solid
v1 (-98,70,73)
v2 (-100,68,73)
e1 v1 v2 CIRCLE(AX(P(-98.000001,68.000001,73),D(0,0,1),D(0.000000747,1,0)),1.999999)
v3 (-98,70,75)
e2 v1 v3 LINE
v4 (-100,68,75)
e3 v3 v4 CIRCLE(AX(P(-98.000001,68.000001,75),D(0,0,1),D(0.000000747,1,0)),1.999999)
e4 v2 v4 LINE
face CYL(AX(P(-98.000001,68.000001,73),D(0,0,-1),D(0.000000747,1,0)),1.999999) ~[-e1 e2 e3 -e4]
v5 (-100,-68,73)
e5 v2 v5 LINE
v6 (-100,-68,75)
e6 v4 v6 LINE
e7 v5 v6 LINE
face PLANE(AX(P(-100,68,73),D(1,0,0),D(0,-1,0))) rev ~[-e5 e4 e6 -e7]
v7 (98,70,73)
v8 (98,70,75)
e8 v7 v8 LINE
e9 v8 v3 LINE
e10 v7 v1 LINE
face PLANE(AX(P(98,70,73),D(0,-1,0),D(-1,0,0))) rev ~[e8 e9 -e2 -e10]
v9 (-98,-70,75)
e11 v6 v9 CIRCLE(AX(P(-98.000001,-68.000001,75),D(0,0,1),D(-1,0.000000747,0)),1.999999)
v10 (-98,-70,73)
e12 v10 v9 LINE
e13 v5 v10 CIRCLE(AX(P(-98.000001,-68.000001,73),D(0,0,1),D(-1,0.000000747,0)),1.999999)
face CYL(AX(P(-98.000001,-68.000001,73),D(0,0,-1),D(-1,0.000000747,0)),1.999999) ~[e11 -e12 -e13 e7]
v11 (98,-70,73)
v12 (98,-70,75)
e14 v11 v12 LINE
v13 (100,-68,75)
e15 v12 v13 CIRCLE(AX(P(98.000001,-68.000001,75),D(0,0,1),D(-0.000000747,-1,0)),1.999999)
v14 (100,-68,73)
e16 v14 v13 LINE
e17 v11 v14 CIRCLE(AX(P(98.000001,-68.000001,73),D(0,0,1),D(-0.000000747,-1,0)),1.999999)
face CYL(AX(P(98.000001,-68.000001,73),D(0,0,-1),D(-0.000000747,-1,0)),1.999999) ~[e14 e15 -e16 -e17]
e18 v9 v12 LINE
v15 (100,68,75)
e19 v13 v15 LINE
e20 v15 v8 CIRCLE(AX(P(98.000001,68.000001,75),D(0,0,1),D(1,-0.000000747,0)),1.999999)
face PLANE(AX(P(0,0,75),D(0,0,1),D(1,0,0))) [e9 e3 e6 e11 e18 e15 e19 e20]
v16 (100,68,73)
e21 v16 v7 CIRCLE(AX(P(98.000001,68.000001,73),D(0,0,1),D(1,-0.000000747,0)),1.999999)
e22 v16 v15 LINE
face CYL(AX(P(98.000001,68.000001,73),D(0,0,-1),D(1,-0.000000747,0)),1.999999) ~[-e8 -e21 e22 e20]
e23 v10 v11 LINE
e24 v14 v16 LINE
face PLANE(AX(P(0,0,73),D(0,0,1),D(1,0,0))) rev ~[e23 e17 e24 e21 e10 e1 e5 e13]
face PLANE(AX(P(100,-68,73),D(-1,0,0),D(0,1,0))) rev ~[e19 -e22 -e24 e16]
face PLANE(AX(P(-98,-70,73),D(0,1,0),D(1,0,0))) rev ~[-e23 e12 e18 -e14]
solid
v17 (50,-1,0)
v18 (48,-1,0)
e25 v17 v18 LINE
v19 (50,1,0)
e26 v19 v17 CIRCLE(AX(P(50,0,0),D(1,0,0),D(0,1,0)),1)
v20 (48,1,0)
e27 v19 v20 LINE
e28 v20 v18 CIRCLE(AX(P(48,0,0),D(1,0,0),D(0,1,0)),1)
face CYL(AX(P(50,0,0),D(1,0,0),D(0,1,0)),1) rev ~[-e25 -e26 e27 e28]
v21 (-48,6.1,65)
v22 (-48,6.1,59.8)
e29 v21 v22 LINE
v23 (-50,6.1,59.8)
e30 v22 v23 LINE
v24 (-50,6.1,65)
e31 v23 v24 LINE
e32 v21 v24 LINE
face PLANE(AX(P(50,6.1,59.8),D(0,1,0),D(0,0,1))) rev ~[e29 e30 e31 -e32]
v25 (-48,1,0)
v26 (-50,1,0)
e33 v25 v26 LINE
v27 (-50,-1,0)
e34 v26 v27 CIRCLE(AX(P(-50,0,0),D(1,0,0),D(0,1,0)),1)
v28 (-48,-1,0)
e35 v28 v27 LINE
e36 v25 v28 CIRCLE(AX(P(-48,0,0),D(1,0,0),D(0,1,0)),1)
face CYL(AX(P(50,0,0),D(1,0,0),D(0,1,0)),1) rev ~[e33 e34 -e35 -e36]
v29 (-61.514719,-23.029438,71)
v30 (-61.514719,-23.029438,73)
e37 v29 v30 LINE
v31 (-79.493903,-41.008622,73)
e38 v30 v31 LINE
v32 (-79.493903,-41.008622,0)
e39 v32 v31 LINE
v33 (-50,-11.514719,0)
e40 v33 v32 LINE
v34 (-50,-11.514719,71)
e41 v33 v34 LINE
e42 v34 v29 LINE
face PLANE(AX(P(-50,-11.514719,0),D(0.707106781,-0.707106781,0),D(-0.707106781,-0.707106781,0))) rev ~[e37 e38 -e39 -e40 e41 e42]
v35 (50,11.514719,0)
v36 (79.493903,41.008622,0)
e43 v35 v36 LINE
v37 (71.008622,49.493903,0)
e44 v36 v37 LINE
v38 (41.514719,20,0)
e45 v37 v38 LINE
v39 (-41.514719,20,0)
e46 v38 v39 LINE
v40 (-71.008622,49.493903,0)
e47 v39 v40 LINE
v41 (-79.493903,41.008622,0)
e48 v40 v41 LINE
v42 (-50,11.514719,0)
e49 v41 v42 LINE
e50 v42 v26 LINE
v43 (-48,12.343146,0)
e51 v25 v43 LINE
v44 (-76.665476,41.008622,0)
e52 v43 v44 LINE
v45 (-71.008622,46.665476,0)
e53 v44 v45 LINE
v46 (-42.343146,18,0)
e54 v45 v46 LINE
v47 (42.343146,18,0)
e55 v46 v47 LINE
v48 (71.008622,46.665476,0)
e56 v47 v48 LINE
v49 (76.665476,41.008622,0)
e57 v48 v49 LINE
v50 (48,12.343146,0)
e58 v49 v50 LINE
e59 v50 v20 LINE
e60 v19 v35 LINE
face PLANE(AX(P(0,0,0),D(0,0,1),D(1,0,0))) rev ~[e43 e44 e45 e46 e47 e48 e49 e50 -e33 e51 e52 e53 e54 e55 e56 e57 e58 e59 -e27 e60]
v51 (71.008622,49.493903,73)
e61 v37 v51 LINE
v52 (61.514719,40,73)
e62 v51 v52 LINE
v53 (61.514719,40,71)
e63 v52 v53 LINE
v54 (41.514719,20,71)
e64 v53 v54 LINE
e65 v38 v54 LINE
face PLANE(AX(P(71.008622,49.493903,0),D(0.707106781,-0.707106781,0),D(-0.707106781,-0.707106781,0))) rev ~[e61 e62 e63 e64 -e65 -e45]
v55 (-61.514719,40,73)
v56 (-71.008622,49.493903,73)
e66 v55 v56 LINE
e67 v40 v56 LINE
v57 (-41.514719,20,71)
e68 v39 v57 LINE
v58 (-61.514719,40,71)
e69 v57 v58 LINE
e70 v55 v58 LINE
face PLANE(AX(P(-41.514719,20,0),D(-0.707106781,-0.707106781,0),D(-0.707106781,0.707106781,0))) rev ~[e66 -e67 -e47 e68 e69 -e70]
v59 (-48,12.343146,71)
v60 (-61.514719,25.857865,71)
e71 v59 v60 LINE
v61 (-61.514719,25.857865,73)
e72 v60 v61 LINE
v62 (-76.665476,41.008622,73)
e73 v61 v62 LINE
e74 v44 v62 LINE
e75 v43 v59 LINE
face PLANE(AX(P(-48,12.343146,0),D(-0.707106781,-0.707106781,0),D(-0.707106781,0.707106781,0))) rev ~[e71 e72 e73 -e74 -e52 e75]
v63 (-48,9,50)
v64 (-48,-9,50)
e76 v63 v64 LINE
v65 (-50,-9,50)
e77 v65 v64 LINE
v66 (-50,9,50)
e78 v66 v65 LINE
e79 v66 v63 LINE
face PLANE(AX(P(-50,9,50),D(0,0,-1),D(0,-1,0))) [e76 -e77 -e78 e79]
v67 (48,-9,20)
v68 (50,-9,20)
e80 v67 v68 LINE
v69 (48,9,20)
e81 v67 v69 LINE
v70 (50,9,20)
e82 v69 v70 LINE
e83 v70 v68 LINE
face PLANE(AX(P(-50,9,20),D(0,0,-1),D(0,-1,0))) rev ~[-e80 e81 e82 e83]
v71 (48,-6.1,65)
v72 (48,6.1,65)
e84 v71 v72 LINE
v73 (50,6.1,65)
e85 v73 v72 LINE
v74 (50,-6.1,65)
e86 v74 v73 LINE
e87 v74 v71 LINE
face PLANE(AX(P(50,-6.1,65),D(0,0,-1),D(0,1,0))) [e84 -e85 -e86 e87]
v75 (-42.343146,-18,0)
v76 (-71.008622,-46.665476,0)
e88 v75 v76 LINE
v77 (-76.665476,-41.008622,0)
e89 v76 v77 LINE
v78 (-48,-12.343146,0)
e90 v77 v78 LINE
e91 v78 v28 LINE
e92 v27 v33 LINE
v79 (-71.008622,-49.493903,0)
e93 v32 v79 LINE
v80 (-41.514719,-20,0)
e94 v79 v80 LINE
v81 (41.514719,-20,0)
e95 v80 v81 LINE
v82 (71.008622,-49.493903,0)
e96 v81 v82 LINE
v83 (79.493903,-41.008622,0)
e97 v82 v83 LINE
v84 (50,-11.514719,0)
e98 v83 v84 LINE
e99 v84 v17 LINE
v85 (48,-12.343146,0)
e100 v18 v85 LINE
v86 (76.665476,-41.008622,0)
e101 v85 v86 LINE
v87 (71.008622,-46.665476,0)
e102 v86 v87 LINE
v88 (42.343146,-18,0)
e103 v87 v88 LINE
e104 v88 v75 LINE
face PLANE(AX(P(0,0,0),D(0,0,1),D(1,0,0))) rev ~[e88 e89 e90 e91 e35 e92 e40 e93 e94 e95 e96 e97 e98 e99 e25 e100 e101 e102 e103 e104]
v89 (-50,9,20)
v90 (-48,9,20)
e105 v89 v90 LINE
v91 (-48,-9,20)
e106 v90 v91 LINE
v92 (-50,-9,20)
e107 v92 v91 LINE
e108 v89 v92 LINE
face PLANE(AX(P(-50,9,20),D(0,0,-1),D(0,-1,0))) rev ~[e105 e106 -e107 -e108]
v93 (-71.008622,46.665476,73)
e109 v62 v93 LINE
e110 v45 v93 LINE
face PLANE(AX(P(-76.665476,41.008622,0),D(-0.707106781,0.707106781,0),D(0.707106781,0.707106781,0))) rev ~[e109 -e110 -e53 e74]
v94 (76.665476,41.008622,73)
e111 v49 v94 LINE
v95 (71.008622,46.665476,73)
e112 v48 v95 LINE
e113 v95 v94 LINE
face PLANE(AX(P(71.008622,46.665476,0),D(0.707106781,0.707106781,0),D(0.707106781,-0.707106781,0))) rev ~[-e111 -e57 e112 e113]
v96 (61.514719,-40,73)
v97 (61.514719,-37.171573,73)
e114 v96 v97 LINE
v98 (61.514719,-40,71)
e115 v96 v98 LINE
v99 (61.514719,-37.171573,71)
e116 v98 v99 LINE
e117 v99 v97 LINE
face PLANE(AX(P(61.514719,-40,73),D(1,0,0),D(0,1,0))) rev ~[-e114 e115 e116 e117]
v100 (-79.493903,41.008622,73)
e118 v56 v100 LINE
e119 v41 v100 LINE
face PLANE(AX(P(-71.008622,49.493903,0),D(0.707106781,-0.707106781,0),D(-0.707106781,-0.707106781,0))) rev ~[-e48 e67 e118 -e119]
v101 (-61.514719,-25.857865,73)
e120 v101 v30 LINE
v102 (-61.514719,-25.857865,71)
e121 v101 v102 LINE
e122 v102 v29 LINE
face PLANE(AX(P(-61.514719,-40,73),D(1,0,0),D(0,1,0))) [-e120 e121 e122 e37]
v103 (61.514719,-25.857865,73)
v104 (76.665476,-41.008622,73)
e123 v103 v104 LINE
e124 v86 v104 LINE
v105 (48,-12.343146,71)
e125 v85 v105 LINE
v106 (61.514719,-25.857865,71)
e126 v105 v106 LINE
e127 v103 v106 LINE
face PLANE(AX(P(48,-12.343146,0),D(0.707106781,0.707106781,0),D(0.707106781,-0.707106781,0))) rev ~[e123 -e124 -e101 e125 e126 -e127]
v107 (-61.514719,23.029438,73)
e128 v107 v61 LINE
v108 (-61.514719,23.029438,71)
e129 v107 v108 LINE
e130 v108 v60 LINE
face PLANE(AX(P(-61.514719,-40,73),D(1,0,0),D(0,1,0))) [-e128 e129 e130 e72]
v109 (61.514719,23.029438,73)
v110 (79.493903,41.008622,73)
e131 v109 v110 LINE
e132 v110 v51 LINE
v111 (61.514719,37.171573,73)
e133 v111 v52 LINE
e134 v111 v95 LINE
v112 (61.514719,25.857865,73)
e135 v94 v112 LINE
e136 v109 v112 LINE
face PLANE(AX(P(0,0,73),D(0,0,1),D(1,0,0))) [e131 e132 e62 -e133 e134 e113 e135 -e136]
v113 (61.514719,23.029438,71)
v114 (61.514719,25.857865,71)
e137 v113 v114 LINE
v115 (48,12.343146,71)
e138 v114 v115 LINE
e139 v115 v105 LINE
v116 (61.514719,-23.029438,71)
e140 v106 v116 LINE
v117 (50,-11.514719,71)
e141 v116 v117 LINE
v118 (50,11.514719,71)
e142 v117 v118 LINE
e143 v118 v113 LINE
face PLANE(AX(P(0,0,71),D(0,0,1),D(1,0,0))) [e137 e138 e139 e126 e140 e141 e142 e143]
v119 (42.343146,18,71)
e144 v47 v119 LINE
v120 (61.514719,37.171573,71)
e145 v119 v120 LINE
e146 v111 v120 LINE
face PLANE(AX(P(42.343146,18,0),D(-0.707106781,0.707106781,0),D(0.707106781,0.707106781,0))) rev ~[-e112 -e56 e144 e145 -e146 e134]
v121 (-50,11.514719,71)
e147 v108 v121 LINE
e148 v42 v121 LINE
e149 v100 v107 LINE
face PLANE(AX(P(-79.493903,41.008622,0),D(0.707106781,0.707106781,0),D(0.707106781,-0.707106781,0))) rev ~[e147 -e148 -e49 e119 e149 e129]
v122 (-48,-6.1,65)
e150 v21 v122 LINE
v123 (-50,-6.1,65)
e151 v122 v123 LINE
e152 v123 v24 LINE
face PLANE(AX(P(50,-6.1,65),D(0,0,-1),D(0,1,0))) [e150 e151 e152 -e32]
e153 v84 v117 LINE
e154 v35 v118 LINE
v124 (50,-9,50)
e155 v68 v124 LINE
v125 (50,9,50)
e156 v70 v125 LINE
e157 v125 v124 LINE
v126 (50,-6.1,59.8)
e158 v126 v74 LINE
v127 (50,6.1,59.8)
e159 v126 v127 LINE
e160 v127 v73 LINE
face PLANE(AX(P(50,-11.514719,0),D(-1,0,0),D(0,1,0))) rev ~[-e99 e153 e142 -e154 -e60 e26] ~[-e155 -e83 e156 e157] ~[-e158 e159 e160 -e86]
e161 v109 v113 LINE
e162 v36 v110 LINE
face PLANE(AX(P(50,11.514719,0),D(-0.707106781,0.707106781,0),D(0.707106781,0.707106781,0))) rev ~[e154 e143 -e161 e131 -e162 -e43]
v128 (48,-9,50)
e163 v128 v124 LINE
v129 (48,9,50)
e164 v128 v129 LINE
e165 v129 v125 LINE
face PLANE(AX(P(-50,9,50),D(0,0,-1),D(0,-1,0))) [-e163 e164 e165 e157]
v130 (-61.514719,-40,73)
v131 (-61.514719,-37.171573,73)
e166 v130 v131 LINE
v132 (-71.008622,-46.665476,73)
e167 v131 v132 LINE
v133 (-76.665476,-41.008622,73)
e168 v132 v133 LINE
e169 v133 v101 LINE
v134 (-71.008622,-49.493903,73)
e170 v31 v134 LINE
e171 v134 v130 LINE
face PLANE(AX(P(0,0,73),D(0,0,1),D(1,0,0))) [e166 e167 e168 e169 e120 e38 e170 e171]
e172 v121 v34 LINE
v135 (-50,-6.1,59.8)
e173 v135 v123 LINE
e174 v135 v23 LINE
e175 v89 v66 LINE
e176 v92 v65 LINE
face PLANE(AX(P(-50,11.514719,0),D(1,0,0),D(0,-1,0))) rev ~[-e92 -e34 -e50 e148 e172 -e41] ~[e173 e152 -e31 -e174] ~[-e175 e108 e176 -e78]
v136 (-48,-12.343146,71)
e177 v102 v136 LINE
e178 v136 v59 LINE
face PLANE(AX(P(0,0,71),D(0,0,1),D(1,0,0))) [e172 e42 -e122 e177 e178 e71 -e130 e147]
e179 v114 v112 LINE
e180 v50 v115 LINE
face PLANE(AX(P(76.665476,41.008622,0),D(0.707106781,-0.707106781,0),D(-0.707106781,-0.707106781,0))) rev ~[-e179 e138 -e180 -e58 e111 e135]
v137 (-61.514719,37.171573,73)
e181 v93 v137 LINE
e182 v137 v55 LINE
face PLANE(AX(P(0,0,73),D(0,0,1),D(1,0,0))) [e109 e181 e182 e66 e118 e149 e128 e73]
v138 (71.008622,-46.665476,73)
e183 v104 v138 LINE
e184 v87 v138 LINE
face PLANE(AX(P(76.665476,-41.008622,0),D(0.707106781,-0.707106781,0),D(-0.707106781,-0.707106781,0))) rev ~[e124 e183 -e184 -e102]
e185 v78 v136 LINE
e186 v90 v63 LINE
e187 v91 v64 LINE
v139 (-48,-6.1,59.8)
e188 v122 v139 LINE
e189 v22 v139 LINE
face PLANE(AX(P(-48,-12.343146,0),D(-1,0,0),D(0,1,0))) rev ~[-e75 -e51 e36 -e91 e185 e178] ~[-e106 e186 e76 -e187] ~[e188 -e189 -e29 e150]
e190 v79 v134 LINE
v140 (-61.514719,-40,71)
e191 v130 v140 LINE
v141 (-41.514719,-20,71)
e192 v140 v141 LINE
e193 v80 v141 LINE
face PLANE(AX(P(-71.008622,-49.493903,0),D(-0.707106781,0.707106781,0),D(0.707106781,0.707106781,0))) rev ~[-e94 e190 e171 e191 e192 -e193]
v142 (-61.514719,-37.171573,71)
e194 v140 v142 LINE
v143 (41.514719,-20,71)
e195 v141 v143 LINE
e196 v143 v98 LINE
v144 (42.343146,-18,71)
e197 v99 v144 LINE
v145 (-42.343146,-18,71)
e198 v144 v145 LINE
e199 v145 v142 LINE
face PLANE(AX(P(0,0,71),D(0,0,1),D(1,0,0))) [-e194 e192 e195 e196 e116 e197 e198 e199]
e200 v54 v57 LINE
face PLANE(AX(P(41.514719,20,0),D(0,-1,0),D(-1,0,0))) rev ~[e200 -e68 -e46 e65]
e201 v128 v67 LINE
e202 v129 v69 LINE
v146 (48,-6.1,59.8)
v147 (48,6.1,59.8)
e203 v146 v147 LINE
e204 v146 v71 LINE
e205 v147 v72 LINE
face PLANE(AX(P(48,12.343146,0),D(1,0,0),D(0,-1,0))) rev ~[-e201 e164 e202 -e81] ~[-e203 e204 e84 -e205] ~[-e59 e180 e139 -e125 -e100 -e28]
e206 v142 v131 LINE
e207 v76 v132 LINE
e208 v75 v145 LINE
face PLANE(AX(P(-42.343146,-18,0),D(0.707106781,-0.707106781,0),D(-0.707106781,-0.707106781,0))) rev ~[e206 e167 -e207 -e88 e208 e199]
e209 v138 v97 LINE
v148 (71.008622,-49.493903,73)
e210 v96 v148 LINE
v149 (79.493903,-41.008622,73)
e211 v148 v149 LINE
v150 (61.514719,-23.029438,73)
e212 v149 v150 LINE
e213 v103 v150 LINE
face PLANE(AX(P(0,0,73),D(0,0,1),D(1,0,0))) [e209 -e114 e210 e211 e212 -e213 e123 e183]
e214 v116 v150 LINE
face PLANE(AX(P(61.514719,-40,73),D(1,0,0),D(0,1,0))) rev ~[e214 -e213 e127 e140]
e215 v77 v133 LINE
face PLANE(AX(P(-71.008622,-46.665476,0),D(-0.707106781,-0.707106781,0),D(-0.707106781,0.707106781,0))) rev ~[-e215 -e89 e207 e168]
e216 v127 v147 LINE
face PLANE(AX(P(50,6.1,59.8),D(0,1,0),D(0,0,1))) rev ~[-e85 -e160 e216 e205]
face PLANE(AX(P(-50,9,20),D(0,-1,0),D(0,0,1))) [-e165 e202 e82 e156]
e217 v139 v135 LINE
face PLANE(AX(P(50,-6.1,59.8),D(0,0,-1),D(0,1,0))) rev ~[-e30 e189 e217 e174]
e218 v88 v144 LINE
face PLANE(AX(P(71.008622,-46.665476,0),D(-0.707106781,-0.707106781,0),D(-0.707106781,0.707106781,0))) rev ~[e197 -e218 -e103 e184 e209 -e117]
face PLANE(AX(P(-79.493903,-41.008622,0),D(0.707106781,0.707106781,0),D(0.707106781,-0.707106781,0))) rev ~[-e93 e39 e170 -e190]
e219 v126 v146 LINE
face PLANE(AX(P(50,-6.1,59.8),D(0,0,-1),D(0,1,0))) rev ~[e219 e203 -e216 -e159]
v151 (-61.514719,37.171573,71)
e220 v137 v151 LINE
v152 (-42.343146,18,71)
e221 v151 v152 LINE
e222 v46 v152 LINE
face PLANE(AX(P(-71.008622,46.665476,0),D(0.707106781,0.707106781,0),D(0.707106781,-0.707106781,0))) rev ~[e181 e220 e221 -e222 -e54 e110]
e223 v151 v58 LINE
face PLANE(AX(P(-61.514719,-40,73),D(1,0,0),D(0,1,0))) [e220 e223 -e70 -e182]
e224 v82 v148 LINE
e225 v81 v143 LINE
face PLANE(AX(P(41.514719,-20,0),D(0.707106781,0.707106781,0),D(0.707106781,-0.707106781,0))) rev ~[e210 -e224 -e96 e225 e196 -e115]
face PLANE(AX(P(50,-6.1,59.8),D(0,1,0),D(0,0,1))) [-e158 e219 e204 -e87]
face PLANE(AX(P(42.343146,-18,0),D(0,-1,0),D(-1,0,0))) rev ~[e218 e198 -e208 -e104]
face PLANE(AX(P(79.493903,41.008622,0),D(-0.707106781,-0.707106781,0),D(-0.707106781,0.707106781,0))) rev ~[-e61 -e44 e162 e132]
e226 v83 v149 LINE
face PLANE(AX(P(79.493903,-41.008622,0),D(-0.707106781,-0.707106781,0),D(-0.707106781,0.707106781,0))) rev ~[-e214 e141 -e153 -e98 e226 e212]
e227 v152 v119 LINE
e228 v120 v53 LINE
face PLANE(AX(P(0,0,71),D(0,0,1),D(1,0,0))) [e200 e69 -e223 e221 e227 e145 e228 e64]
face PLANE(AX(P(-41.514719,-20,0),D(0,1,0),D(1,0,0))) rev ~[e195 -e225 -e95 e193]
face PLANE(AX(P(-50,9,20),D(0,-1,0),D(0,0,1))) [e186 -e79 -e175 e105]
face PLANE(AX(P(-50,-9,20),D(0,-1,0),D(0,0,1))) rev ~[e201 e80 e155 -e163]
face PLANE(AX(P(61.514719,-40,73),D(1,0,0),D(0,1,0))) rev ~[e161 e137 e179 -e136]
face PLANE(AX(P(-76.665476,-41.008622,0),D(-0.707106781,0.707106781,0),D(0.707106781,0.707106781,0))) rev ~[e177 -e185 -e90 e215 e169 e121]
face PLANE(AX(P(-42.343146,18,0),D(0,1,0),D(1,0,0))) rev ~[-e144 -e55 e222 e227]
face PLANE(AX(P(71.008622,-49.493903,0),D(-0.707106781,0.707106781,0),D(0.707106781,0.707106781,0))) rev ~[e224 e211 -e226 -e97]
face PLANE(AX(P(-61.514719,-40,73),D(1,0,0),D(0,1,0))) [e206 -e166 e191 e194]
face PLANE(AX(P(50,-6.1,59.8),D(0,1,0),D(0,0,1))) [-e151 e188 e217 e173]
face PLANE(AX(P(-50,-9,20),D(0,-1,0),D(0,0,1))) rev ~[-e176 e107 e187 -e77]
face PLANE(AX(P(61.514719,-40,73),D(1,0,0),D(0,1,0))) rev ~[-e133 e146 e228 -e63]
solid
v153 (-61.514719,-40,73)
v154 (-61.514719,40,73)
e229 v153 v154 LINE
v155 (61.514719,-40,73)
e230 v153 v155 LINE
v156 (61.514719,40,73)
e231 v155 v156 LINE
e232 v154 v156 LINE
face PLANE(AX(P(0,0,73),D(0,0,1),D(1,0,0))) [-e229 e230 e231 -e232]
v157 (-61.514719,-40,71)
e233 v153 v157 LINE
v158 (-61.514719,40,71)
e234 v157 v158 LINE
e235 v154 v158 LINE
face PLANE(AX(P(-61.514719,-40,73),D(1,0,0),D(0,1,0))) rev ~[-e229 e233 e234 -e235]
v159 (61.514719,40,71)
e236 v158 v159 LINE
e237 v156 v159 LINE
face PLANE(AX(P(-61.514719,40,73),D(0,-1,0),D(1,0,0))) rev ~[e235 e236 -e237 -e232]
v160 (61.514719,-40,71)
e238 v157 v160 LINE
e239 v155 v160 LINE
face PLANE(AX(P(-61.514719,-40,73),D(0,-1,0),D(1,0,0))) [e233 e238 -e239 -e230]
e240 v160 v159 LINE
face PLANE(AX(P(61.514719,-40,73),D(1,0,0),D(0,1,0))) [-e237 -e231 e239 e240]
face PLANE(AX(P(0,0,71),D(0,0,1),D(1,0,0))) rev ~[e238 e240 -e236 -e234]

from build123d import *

# Parameters (mm, degrees)
F2_DEPTH  = 2
F5_DEPTH  = 73
F6_W      = 123.029438
F6_H      = 80
F7_DEPTH  = 2
F9_DEPTH  = 2
F10_W     = 18
F10_H     = 30
F11_DEPTH = 150.001
F12_W     = 12.2
F12_H     = 5.2
F13_DEPTH = 150.001
F15_DEPTH = 150.001


with BuildPart() as f2:
    # F1 (on offset) → F2 (new body)
    with BuildSketch(Plane.XY.offset(73)):
        with BuildLine():
            Line((98, 70), (-98, 70))
            ThreePointArc((-98, 70), (-99.414214, 69.414214), (-100, 68))
            Line((-100, 68), (-100, -68))
            ThreePointArc((-100, -68), (-99.414214, -69.414214), (-98, -70))
            Line((-98, -70), (98, -70))
            ThreePointArc((98, -70), (99.414214, -69.414214), (100, -68))
            Line((100, -68), (100, 68))
            ThreePointArc((100, 68), (99.414214, 69.414214), (98, 70))
        make_face()
    extrude(amount=F2_DEPTH)


with BuildPart() as f5:
    # F4 (on Top) → F5 (new body, through all)
    with BuildSketch(Plane.XY):
        Polygon((41.514719, 20), (-41.514719, 20), (-71.008622, 49.493903), (-79.493903, 41.008622), (-50, 11.514719), (-50, -11.514719), (-79.493903, -41.008622), (-71.008622, -49.493903), (-41.514719, -20), (41.514719, -20), (71.008622, -49.493903), (79.493903, -41.008622), (50, -11.514719), (50, 11.514719), (79.493903, 41.008622), (71.008622, 49.493903), align=None)
        Polygon((-76.665476, 41.008622), (-71.008622, 46.665476), (-42.343146, 18), (42.343146, 18), (71.008622, 46.665476), (76.665476, 41.008622), (48, 12.343146), (48, -12.343146), (76.665476, -41.008622), (71.008622, -46.665476), (42.343146, -18), (-42.343146, -18), (-71.008622, -46.665476), (-76.665476, -41.008622), (-48, -12.343146), (-48, 12.343146), align=None, mode=Mode.SUBTRACT)
    extrude(amount=F5_DEPTH)


with BuildPart() as f7:
    # F6 (on offset) → F7 (new body)
    with BuildSketch(Plane.XY.offset(73)):
        Rectangle(F6_W, F6_H)
    extrude(amount=-F7_DEPTH)


with BuildPart() as f5_1:
    add(f5.part)

    # F8: cut F7
    add(f7.part, mode=Mode.SUBTRACT)

    # F10 (on face) → F11 (cut, through all)
    with BuildSketch(Plane(origin=(-50, 0, 0), x_dir=(0, -1, 0), z_dir=(-1, 0, 0))):
        with Locations((0, 35)):
            Rectangle(F10_W, F10_H)
    extrude(amount=-F11_DEPTH, mode=Mode.SUBTRACT)

    # F12 (on face) → F13 (cut, through all)
    with BuildSketch(Plane.YZ.offset(50)):
        with Locations((0, 62.4)):
            Rectangle(F12_W, F12_H)
    extrude(amount=-F13_DEPTH, mode=Mode.SUBTRACT)

    # F14 (on face) → F15 (cut, through all)
    with BuildSketch(Plane.YZ.offset(50)):
        with BuildLine():
            ThreePointArc((1, 0), (0, 1), (-1, 0))
            Line((-1, 0), (1, 0))
        make_face()
    extrude(amount=-F15_DEPTH, mode=Mode.SUBTRACT)


with BuildPart() as f9:
    # F6 (on offset) → F9 (new body, through all)
    with BuildSketch(Plane.XY.offset(73)):
        Rectangle(F6_W, F6_H)
    extrude(amount=-F9_DEPTH)


solid = Compound([f2.part, f5_1.part, f9.part])
